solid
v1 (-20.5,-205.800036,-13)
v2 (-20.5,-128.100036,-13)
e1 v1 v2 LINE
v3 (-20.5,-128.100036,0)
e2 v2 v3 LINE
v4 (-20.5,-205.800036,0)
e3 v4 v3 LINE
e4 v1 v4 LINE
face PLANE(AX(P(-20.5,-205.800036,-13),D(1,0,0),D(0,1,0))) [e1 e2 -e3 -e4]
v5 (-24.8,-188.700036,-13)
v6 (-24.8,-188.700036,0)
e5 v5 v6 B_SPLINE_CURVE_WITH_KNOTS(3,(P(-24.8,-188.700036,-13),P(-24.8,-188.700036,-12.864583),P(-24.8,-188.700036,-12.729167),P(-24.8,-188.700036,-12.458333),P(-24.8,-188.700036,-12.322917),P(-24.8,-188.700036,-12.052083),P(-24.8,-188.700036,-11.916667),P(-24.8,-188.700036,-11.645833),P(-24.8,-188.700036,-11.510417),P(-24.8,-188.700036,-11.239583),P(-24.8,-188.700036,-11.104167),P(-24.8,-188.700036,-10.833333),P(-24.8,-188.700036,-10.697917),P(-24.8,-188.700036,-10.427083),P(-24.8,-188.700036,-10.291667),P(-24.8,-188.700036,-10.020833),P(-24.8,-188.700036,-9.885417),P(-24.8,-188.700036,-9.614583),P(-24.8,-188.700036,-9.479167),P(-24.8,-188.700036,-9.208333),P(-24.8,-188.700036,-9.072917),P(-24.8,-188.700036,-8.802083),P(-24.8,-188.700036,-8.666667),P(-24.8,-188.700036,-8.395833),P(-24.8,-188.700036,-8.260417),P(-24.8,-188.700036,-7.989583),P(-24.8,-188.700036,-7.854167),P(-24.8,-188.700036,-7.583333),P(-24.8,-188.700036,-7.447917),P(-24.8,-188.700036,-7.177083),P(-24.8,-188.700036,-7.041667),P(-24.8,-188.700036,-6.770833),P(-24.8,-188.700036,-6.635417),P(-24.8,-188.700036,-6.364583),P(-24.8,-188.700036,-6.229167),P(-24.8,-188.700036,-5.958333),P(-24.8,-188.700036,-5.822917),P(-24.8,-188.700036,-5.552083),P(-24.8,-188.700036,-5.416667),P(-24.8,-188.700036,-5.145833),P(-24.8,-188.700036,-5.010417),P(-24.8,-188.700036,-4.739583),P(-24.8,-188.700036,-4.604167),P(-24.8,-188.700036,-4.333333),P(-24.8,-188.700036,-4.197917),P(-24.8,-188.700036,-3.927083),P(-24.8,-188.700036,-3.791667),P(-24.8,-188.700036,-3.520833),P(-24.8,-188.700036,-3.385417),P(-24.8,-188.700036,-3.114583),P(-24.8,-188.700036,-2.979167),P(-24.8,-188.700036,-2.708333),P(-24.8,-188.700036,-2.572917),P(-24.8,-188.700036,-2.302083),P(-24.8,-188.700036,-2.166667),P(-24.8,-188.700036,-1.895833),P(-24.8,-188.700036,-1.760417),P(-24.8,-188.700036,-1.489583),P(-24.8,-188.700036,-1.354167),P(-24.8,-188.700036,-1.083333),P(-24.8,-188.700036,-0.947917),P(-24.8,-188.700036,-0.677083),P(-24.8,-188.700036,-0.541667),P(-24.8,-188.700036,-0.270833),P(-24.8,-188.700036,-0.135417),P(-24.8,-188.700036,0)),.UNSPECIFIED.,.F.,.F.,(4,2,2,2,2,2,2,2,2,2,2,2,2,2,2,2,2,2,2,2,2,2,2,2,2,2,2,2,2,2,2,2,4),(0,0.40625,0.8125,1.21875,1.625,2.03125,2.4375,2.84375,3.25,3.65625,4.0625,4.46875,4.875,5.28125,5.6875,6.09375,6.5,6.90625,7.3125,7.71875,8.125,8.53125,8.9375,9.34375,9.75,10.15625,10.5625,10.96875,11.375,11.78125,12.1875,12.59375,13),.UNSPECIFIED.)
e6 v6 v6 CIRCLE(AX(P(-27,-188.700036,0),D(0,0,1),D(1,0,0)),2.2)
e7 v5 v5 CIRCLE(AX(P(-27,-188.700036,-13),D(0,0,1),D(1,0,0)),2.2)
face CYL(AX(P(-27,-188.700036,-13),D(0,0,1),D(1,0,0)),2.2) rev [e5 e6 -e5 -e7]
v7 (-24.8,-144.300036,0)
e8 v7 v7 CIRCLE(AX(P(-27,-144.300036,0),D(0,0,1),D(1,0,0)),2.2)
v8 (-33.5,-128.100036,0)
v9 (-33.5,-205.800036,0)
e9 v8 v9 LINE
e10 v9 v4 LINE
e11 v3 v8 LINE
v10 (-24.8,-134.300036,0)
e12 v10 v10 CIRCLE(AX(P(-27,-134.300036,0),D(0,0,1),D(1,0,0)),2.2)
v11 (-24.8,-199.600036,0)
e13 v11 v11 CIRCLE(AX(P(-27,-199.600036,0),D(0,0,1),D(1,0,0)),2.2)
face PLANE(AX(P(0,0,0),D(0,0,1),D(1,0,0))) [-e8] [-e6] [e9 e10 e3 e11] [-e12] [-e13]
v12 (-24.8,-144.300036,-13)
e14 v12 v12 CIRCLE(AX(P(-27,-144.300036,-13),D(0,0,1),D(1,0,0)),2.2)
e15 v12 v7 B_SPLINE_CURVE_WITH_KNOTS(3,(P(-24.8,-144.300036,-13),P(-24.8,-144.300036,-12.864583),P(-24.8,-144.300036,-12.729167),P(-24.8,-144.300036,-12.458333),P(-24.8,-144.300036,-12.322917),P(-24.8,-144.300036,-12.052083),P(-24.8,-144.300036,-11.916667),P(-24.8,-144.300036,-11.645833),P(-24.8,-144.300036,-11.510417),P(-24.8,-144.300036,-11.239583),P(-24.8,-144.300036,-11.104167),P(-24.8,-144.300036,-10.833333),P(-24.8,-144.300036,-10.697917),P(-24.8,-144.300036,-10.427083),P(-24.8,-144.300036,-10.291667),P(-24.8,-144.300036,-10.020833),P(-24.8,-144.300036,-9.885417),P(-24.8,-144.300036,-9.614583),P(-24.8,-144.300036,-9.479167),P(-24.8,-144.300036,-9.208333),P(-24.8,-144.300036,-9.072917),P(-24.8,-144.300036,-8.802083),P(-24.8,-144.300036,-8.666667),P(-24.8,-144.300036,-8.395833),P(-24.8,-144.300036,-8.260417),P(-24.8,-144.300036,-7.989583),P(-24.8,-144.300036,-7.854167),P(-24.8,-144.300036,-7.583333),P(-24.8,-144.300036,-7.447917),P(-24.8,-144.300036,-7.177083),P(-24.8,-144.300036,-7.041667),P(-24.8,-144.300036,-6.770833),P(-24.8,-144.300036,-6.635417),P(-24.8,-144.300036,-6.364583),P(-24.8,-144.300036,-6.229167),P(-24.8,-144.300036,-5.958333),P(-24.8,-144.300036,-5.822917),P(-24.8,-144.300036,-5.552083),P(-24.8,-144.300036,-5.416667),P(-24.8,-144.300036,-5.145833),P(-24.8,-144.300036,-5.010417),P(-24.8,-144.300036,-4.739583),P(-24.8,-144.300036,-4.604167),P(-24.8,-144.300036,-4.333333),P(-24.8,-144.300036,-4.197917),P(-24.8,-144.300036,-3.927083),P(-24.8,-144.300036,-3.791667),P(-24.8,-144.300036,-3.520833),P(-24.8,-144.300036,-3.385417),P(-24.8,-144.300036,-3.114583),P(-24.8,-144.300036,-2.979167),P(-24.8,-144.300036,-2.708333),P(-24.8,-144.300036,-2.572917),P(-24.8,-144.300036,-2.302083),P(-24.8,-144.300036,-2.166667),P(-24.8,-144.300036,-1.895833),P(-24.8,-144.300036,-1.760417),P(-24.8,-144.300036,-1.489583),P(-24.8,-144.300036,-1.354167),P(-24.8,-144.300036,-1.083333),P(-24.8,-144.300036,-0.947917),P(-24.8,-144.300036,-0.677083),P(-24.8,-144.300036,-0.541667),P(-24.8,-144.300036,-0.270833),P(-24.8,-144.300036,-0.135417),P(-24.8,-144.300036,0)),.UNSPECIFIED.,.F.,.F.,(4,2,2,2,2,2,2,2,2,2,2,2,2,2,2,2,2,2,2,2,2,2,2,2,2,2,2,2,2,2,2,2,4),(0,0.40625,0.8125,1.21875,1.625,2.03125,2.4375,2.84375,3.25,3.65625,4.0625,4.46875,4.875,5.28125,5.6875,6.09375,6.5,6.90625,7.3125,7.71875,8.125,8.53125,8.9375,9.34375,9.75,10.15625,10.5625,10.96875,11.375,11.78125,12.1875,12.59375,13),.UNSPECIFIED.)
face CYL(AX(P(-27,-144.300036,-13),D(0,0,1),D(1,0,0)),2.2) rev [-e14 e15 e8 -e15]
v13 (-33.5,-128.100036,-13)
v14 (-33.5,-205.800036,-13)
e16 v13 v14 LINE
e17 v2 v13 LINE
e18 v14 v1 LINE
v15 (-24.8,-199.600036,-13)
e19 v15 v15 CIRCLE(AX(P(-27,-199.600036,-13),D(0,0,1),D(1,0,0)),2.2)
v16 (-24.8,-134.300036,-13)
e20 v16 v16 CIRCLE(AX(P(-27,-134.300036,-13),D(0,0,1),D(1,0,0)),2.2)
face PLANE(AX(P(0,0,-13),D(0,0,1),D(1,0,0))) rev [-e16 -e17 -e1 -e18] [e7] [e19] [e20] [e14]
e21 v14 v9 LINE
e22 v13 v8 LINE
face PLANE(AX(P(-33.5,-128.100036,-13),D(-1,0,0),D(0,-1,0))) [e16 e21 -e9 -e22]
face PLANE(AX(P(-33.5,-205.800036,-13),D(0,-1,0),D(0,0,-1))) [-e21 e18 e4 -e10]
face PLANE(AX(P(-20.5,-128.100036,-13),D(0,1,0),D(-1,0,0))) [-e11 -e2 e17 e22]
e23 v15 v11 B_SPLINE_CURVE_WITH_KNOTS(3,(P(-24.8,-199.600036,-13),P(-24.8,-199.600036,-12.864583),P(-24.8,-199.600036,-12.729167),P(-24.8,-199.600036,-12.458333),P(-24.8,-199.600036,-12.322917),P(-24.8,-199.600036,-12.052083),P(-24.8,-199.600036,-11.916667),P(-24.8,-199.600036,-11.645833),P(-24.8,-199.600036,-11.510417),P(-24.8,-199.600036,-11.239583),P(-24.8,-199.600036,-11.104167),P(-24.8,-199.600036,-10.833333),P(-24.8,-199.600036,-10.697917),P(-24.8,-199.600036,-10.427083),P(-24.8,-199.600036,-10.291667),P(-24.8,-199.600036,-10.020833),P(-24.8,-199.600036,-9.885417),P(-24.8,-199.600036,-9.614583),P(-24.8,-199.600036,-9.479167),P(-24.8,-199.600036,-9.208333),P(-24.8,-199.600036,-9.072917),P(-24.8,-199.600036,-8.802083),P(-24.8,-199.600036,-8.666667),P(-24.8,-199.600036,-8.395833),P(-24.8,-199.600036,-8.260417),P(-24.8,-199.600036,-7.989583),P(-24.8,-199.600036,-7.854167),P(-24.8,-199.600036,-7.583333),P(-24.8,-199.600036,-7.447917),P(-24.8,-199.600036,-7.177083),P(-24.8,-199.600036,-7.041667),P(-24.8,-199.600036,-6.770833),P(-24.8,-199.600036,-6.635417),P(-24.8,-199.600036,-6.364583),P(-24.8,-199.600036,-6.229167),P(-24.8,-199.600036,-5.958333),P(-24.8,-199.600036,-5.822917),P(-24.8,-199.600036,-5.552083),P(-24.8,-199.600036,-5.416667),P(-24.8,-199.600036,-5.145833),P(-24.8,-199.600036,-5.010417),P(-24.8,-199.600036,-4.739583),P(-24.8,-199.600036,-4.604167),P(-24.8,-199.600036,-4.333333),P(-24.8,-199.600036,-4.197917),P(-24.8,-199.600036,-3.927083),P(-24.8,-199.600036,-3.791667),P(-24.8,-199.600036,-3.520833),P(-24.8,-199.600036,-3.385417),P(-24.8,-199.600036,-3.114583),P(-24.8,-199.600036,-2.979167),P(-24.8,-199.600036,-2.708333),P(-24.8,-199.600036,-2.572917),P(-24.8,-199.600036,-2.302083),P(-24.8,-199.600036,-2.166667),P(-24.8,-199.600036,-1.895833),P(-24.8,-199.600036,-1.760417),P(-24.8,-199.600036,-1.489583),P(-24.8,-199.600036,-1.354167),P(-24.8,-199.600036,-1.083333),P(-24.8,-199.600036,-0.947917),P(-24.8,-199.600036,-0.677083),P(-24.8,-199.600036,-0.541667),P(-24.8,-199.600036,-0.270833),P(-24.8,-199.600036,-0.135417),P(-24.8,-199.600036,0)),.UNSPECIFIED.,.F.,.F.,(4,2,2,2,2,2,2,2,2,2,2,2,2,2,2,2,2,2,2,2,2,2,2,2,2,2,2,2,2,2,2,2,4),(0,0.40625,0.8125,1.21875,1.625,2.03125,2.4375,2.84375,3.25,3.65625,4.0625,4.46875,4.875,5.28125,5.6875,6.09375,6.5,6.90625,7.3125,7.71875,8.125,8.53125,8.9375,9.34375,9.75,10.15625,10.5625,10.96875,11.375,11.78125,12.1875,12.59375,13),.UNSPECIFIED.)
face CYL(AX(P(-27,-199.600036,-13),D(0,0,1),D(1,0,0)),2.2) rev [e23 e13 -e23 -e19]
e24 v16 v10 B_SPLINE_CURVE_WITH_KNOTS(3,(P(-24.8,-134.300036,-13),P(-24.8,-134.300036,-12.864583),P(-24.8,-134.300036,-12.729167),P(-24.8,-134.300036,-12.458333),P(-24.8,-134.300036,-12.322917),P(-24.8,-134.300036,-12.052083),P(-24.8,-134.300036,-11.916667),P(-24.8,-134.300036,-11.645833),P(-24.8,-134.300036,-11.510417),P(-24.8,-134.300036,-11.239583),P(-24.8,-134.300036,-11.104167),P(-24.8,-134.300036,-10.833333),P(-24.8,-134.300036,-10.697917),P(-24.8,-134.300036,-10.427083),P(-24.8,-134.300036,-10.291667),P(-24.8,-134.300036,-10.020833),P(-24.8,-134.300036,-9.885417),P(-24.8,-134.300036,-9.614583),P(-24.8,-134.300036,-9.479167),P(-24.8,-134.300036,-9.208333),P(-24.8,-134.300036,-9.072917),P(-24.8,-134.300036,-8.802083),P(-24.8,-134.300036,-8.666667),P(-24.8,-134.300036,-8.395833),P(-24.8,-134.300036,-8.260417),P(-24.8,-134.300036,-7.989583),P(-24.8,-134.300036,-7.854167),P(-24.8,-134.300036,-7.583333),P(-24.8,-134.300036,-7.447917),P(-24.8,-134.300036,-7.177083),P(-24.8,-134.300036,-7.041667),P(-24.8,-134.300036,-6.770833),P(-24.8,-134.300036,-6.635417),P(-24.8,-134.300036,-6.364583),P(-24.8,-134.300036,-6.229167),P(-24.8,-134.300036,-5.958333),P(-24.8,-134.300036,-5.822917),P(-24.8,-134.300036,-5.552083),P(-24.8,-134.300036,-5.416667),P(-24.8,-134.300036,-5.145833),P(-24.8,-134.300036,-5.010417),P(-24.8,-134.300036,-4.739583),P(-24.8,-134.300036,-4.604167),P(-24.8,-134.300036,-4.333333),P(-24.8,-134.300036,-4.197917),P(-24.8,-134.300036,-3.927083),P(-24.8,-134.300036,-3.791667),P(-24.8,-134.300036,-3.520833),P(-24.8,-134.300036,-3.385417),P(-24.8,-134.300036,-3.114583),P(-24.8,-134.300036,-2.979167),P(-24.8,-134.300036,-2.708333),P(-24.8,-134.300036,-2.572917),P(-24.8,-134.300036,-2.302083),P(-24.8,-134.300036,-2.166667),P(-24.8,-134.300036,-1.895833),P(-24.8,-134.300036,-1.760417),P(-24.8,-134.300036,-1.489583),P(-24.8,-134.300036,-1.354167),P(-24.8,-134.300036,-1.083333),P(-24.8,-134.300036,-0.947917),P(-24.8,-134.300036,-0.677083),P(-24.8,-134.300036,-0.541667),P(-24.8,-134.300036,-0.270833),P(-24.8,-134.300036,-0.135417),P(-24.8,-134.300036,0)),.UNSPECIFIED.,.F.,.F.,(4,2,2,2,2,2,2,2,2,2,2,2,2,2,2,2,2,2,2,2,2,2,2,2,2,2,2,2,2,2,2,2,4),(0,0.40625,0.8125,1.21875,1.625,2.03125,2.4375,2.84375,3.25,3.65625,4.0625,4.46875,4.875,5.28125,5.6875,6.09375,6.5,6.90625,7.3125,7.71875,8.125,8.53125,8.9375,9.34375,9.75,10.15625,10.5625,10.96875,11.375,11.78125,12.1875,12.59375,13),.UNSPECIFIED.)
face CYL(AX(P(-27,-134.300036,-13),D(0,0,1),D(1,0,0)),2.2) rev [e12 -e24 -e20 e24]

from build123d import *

# Parameters (mm, degrees)
SKETCH1_W           = 13
SKETCH1_H           = 77.7
SKETCH1_R           = 2.2
BOSS_EXTRUDE1_DEPTH = 13


with BuildPart() as part:
    # Sketch1 → Boss-Extrude1 (new body)
    with BuildSketch(Plane.XY):
        with Locations((-27, -166.950035894)):
            Rectangle(SKETCH1_W, SKETCH1_H)
        with Locations((-27, -134.300035894)):
            Circle(SKETCH1_R, mode=Mode.SUBTRACT)
        with Locations((-27, -144.300035894)):
            Circle(SKETCH1_R, mode=Mode.SUBTRACT)
        with Locations((-27, -199.600035894)):
            Circle(SKETCH1_R, mode=Mode.SUBTRACT)
        with Locations((-27, -188.700035894)):
            Circle(SKETCH1_R, mode=Mode.SUBTRACT)
    extrude(amount=-BOSS_EXTRUDE1_DEPTH)


solid = part.part
